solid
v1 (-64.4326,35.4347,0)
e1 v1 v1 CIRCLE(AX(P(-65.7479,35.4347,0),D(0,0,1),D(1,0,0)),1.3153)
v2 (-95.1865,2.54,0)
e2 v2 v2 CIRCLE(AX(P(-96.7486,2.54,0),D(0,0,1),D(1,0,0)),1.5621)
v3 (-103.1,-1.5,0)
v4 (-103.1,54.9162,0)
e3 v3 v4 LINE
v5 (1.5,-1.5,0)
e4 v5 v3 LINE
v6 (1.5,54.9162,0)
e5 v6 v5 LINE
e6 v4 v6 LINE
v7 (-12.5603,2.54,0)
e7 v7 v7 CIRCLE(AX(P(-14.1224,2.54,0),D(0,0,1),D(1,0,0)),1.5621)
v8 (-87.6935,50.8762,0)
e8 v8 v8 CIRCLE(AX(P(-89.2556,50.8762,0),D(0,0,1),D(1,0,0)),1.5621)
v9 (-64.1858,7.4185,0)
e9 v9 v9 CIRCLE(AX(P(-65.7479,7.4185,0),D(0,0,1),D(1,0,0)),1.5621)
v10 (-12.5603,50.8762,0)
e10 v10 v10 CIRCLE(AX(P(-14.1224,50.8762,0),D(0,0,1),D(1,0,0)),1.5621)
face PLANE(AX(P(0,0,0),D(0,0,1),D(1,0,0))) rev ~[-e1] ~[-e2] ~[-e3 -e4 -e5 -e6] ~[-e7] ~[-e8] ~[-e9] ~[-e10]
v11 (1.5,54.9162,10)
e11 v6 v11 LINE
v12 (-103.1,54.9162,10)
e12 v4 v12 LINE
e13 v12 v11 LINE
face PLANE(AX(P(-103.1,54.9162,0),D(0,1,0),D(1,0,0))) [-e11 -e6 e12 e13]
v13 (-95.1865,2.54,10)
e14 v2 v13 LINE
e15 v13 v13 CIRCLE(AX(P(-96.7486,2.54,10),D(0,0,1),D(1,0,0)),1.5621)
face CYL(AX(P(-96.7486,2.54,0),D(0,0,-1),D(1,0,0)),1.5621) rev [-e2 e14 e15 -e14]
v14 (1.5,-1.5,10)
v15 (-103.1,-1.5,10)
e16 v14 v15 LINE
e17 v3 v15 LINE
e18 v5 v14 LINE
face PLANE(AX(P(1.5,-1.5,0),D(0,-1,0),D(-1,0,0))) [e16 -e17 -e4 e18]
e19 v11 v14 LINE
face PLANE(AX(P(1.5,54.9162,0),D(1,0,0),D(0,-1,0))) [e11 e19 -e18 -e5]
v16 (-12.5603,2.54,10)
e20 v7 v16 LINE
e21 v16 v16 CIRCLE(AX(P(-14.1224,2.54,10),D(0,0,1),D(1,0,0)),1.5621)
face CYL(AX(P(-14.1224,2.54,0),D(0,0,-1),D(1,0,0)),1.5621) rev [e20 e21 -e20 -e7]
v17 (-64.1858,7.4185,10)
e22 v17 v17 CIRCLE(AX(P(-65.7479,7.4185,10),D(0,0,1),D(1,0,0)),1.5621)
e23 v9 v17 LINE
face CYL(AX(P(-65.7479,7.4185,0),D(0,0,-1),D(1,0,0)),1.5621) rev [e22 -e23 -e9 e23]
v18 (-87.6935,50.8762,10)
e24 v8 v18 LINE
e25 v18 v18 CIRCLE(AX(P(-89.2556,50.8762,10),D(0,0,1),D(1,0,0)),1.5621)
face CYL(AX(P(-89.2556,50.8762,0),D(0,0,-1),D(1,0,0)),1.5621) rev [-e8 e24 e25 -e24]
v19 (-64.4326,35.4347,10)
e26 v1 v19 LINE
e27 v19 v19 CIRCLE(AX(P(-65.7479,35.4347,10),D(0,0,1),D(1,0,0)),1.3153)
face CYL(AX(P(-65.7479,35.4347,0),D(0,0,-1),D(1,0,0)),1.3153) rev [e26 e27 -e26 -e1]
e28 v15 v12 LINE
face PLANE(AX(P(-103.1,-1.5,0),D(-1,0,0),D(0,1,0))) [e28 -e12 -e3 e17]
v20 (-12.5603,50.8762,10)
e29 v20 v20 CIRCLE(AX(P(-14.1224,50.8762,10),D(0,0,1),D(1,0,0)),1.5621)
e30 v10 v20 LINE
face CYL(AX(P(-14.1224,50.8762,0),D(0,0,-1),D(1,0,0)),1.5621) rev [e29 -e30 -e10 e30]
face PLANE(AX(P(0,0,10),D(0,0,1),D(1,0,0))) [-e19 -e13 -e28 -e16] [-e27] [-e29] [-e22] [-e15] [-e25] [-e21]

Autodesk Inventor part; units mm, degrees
ref_plane "YZ Plane" through (0, 0, 0) normal (1, 0, 0) x (0, 1, 0)
ref_plane "XZ Plane" through (0, 0, 0) normal (0, 1, 0) x (-1, 0, 0)
ref_plane "XY Plane" through (0, 0, 0) normal (0, 0, 1) x (1, 0, 0)
ref_plane "작업 평면1" through (0, 0, 0) normal (0, 0, 1) x (1, 0, 0)
sketch "스케치1" plane through (0, 0, 0) normal (0, 0, 1) x (1, 0, 0)
  line L0 (-103.1, 54.9162) -> (1.5, 54.9162)
  line L1 (1.5, 54.9162) -> (1.5, -1.5)
  line L2 (1.5, -1.5) -> (-103.1, -1.5)
  line L3 (-103.1, -1.5) -> (-103.1, 54.9162)
  line L4 (0, 1.524) -> (0, 51.8922) projected
  line L5 (-99.06, 40.7162) -> (-101.6, 38.1762) projected
  line L6 (-101.6, 38.1762) -> (-101.6, 3.556) projected
  line L7 (-101.6, 3.556) -> (-98.044, 0) projected
  line L8 (-98.044, 0) -> (-1.524, 0) projected
  line L9 (-1.524, 0) -> (0, 1.524) projected
  line L10 (0, 1.524) -> (0, 51.8922) projected
  line L11 (0, 51.8922) -> (-1.524, 53.4162) projected
  line L12 (-1.524, 53.4162) -> (-97.2966, 53.4162) projected
  line L13 (-97.2966, 53.4162) -> (-99.06, 51.6528) projected
  line L14 (-99.06, 51.6528) -> (-99.06, 40.7162) projected
  circle A0 centre (-89.2556, 50.8762) radius 1.5621 projected
  circle A1 centre (-65.7479, 35.4347) radius 1.3153 projected
  circle A2 centre (-65.7479, 7.4185) radius 1.5621 projected
  circle A3 centre (-96.7486, 2.54) radius 1.5621 projected
  circle A4 centre (-14.1224, 2.54) radius 1.5621 projected
  circle A5 centre (-14.1224, 50.8762) radius 1.5621 projected
  line L15 (-91.7703, 3.1886) -> (-92.8414, 3.1886) projected
  line L16 (-91.7703, 1.1751) -> (-91.7703, 3.1886) projected
  line L17 (-92.8414, 1.1751) -> (-91.7703, 1.1751) projected
  line L18 (-92.8414, 3.1886) -> (-92.8414, 1.1751) projected
  line L19 (-86.6903, 1.1751) -> (-86.6903, 3.1886) projected
  line L20 (-87.7614, 1.1751) -> (-86.6903, 1.1751) projected
  line L21 (-87.7614, 3.1886) -> (-87.7614, 1.1751) projected
  line L22 (-86.6903, 3.1886) -> (-87.7614, 3.1886) projected
  line L23 (-81.6103, 1.1751) -> (-81.6103, 3.1886) projected
  line L24 (-82.6814, 1.1751) -> (-81.6103, 1.1751) projected
  line L25 (-82.6814, 3.1886) -> (-82.6814, 1.1751) projected
  line L26 (-81.6103, 3.1886) -> (-82.6814, 3.1886) projected
  line L27 (-76.5303, 1.1751) -> (-76.5303, 3.1886) projected
  line L28 (-77.6014, 1.1751) -> (-76.5303, 1.1751) projected
  line L29 (-77.6014, 3.1886) -> (-77.6014, 1.1751) projected
  line L30 (-76.5303, 3.1886) -> (-77.6014, 3.1886) projected
  line L31 (-68.6825, 3.4297) -> (-69.7244, 3.4297) projected
  line L32 (-68.6825, 1.346) -> (-68.6825, 3.4297) projected
  line L33 (-69.7244, 1.346) -> (-68.6825, 1.346) projected
  line L34 (-69.7244, 3.4297) -> (-69.7244, 1.346) projected
  line L35 (-63.6025, 1.346) -> (-63.6025, 3.4297) projected
  line L36 (-64.6444, 1.346) -> (-63.6025, 1.346) projected
  line L37 (-64.6444, 3.4297) -> (-64.6444, 1.346) projected
  line L38 (-63.6025, 3.4297) -> (-64.6444, 3.4297) projected
  line L39 (-58.5225, 1.346) -> (-58.5225, 3.4297) projected
  line L40 (-59.5644, 1.346) -> (-58.5225, 1.346) projected
  line L41 (-59.5644, 3.4297) -> (-59.5644, 1.346) projected
  line L42 (-58.5225, 3.4297) -> (-59.5644, 3.4297) projected
  line L43 (-53.4425, 1.346) -> (-53.4425, 3.4297) projected
  line L44 (-54.4844, 1.346) -> (-53.4425, 1.346) projected
  line L45 (-54.4844, 3.4297) -> (-54.4844, 1.346) projected
  line L46 (-53.4425, 3.4297) -> (-54.4844, 3.4297) projected
  line L47 (-45.4737, 3.6867) -> (-46.5774, 3.6867) projected
  line L48 (-45.4737, 1.6118) -> (-45.4737, 3.6867) projected
  line L49 (-46.5774, 1.6118) -> (-45.4737, 1.6118) projected
  line L50 (-46.5774, 3.6867) -> (-46.5774, 1.6118) projected
  line L51 (-40.3937, 1.6118) -> (-40.3937, 3.6867) projected
  line L52 (-41.4974, 1.6118) -> (-40.3937, 1.6118) projected
  line L53 (-41.4974, 3.6867) -> (-41.4974, 1.6118) projected
  line L54 (-40.3937, 3.6867) -> (-41.4974, 3.6867) projected
  line L55 (-35.3137, 1.6118) -> (-35.3137, 3.6867) projected
  line L56 (-36.4174, 1.6118) -> (-35.3137, 1.6118) projected
  line L57 (-36.4174, 3.6867) -> (-36.4174, 1.6118) projected
  line L58 (-35.3137, 3.6867) -> (-36.4174, 3.6867) projected
  circle A6 centre (-97.5648, 7.2848) radius 0.5739 projected
  circle A7 centre (-95.0248, 7.2848) radius 0.5739 projected
  circle A8 centre (-95.0248, 9.8248) radius 0.5739 projected
  circle A9 centre (-95.0248, 12.3648) radius 0.5739 projected
  circle A10 centre (-95.0248, 14.9048) radius 0.5739 projected
  circle A11 centre (-95.0248, 17.4448) radius 0.5739 projected
  circle A12 centre (-95.0248, 19.9848) radius 0.5739 projected
  circle A13 centre (-95.0248, 22.5248) radius 0.5739 projected
  circle A14 centre (-95.0248, 25.0648) radius 0.5739 projected
  circle A15 centre (-95.0248, 27.6048) radius 0.5739 projected
  circle A16 centre (-95.0248, 30.1448) radius 0.5739 projected
  circle A17 centre (-95.0248, 32.6848) radius 0.5739 projected
  circle A18 centre (-95.0248, 35.2248) radius 0.5739 projected
  circle A19 centre (-95.0248, 37.7648) radius 0.5739 projected
  circle A20 centre (-95.0248, 40.3048) radius 0.5739 projected
  circle A21 centre (-95.0248, 42.8448) radius 0.5739 projected
  circle A22 centre (-95.0248, 45.3848) radius 0.5739 projected
  circle A23 centre (-95.0248, 47.9248) radius 0.5739 projected
  circle A24 centre (-95.0248, 50.4648) radius 0.5739 projected
  line L59 (-81.8933, 50.0717) -> (-81.8933, 51.6679) projected
  line L60 (-82.3984, 50.0717) -> (-81.8933, 50.0717) projected
  line L61 (-82.3984, 51.6679) -> (-82.3984, 50.0717) projected
  line L62 (-81.8933, 51.6679) -> (-82.3984, 51.6679) projected
  line L63 (-76.8133, 50.0717) -> (-76.8133, 51.6679) projected
  line L64 (-77.3184, 50.0717) -> (-76.8133, 50.0717) projected
  line L65 (-77.3184, 51.6679) -> (-77.3184, 50.0717) projected
  line L66 (-76.8133, 51.6679) -> (-77.3184, 51.6679) projected
  line L67 (-71.7333, 50.0717) -> (-71.7333, 51.6679) projected
  line L68 (-72.2384, 50.0717) -> (-71.7333, 50.0717) projected
  line L69 (-72.2384, 51.6679) -> (-72.2384, 50.0717) projected
  line L70 (-71.7333, 51.6679) -> (-72.2384, 51.6679) projected
  line L71 (-63.4227, 51.9137) -> (-64.2563, 51.9137) projected
  line L72 (-63.4227, 50.0717) -> (-63.4227, 51.9137) projected
  line L73 (-64.2563, 50.0717) -> (-63.4227, 50.0717) projected
  line L74 (-64.2563, 51.9137) -> (-64.2563, 50.0717) projected
  line L75 (-58.3427, 50.0717) -> (-58.3427, 51.9137) projected
  line L76 (-59.1763, 50.0717) -> (-58.3427, 50.0717) projected
  line L77 (-59.1763, 51.9137) -> (-59.1763, 50.0717) projected
  line L78 (-58.3427, 51.9137) -> (-59.1763, 51.9137) projected
  line L79 (-53.2627, 50.0717) -> (-53.2627, 51.9137) projected
  line L80 (-54.0963, 50.0717) -> (-53.2627, 50.0717) projected
  line L81 (-54.0963, 51.9137) -> (-54.0963, 50.0717) projected
  line L82 (-53.2627, 51.9137) -> (-54.0963, 51.9137) projected
  line L83 (-48.1827, 50.0717) -> (-48.1827, 51.9137) projected
  line L84 (-49.0163, 50.0717) -> (-48.1827, 50.0717) projected
  line L85 (-49.0163, 51.9137) -> (-49.0163, 50.0717) projected
  line L86 (-48.1827, 51.9137) -> (-49.0163, 51.9137) projected
  line L87 (-41.4974, 51.9137) -> (-42.4723, 51.9137) projected
  line L88 (-41.4974, 50.0717) -> (-41.4974, 51.9137) projected
  line L89 (-42.4723, 50.0717) -> (-41.4974, 50.0717) projected
  line L90 (-42.4723, 51.9137) -> (-42.4723, 50.0717) projected
  line L91 (-36.4174, 50.0717) -> (-36.4174, 51.9137) projected
  line L92 (-37.3923, 50.0717) -> (-36.4174, 50.0717) projected
  line L93 (-37.3923, 51.9137) -> (-37.3923, 50.0717) projected
  line L94 (-36.4174, 51.9137) -> (-37.3923, 51.9137) projected
  line L95 (-31.3374, 50.0717) -> (-31.3374, 51.9137) projected
  line L96 (-32.3123, 50.0717) -> (-31.3374, 50.0717) projected
  line L97 (-32.3123, 51.9137) -> (-32.3123, 50.0717) projected
  line L98 (-31.3374, 51.9137) -> (-32.3123, 51.9137) projected
  line L99 (-26.2574, 50.0717) -> (-26.2574, 51.9137) projected
  line L100 (-27.2323, 50.0717) -> (-26.2574, 50.0717) projected
  line L101 (-27.2323, 51.9137) -> (-27.2323, 50.0717) projected
  line L102 (-26.2574, 51.9137) -> (-27.2323, 51.9137) projected
  circle A25 centre (-20.5945, 47.6784) radius 0.5437 projected
  circle A26 centre (-18.0545, 47.6784) radius 0.5437 projected
  circle A27 centre (-20.5945, 45.1384) radius 0.5437 projected
  circle A28 centre (-15.5145, 45.1384) radius 0.5437 projected
  circle A29 centre (-5.7466, 39.5769) radius 0.4144 projected
  circle A30 centre (-5.7466, 37.0369) radius 0.4144 projected
  line L103 (-7.393, 4.043) -> (-10.0091, 4.043) projected
  line L104 (-7.393, 3.3305) -> (-7.393, 4.043) projected
  line L105 (-10.0091, 3.3305) -> (-7.393, 3.3305) projected
  line L106 (-10.0091, 4.043) -> (-10.0091, 3.3305) projected
  line L107 (-2.4767, 32.5537) -> (-4.2776, 32.5537) projected
  line L108 (-2.4767, 31.6979) -> (-2.4767, 32.5537) projected
  line L109 (-4.2776, 31.6979) -> (-2.4767, 31.6979) projected
  line L110 (-4.2776, 32.5537) -> (-4.2776, 31.6979) projected
  line L111 (-2.249, 44.6927) -> (-4.5054, 44.6927) projected
  line L112 (-2.249, 43.8153) -> (-2.249, 44.6927) projected
  line L113 (-4.5054, 43.8153) -> (-2.249, 43.8153) projected
  line L114 (-4.5054, 44.6927) -> (-4.5054, 43.8153) projected
  line L115 (-5.2737, 10.2292) -> (-5.7128, 10.2292) projected
  line L116 (-5.2737, 7.3652) -> (-5.2737, 10.2292) projected
  line L117 (-5.7128, 7.3652) -> (-5.2737, 7.3652) projected
  line L118 (-5.7128, 10.2292) -> (-5.7128, 7.3652) projected
  circle A31 centre (-8.2866, 37.0369) radius 0.4144 projected
  line L119 (-11.4599, 10.2292) -> (-12.1472, 10.2292) projected
  line L120 (-11.4599, 7.3652) -> (-11.4599, 10.2292) projected
  line L121 (-12.1472, 7.3652) -> (-11.4599, 7.3652) projected
  line L122 (-12.1472, 10.2292) -> (-12.1472, 7.3652) projected
  circle A32 centre (-18.0545, 45.1384) radius 0.5437 projected
  circle A33 centre (-15.5145, 47.6784) radius 0.5437 projected
  circle A34 centre (-8.2866, 39.5769) radius 0.4144 projected
  line L123 (-23.7174, 50.0717) -> (-23.7174, 51.9137) projected
  line L124 (-24.6923, 50.0717) -> (-23.7174, 50.0717) projected
  line L125 (-24.6923, 51.9137) -> (-24.6923, 50.0717) projected
  line L126 (-23.7174, 51.9137) -> (-24.6923, 51.9137) projected
  line L127 (-28.7974, 50.0717) -> (-28.7974, 51.9137) projected
  line L128 (-29.7723, 50.0717) -> (-28.7974, 50.0717) projected
  line L129 (-29.7723, 51.9137) -> (-29.7723, 50.0717) projected
  line L130 (-28.7974, 51.9137) -> (-29.7723, 51.9137) projected
  line L131 (-33.8774, 50.0717) -> (-33.8774, 51.9137) projected
  line L132 (-34.8523, 50.0717) -> (-33.8774, 50.0717) projected
  line L133 (-34.8523, 51.9137) -> (-34.8523, 50.0717) projected
  line L134 (-33.8774, 51.9137) -> (-34.8523, 51.9137) projected
  line L135 (-38.9574, 50.0717) -> (-38.9574, 51.9137) projected
  line L136 (-39.9323, 50.0717) -> (-38.9574, 50.0717) projected
  line L137 (-39.9323, 51.9137) -> (-39.9323, 50.0717) projected
  line L138 (-38.9574, 51.9137) -> (-39.9323, 51.9137) projected
  line L139 (-45.6427, 50.0717) -> (-45.6427, 51.9137) projected
  line L140 (-46.4763, 50.0717) -> (-45.6427, 50.0717) projected
  line L141 (-46.4763, 51.9137) -> (-46.4763, 50.0717) projected
  line L142 (-45.6427, 51.9137) -> (-46.4763, 51.9137) projected
  line L143 (-50.7227, 50.0717) -> (-50.7227, 51.9137) projected
  line L144 (-51.5563, 50.0717) -> (-50.7227, 50.0717) projected
  line L145 (-51.5563, 51.9137) -> (-51.5563, 50.0717) projected
  line L146 (-50.7227, 51.9137) -> (-51.5563, 51.9137) projected
  line L147 (-55.8027, 50.0717) -> (-55.8027, 51.9137) projected
  line L148 (-56.6363, 50.0717) -> (-55.8027, 50.0717) projected
  line L149 (-56.6363, 51.9137) -> (-56.6363, 50.0717) projected
  line L150 (-55.8027, 51.9137) -> (-56.6363, 51.9137) projected
  line L151 (-60.8827, 50.0717) -> (-60.8827, 51.9137) projected
  line L152 (-61.7163, 50.0717) -> (-60.8827, 50.0717) projected
  line L153 (-61.7163, 51.9137) -> (-61.7163, 50.0717) projected
  line L154 (-60.8827, 51.9137) -> (-61.7163, 51.9137) projected
  line L155 (-69.1933, 50.0717) -> (-69.1933, 51.6679) projected
  line L156 (-69.6984, 50.0717) -> (-69.1933, 50.0717) projected
  line L157 (-69.6984, 51.6679) -> (-69.6984, 50.0717) projected
  line L158 (-69.1933, 51.6679) -> (-69.6984, 51.6679) projected
  line L159 (-74.2733, 50.0717) -> (-74.2733, 51.6679) projected
  line L160 (-74.7784, 50.0717) -> (-74.2733, 50.0717) projected
  line L161 (-74.7784, 51.6679) -> (-74.7784, 50.0717) projected
  line L162 (-74.2733, 51.6679) -> (-74.7784, 51.6679) projected
  line L163 (-79.3533, 50.0717) -> (-79.3533, 51.6679) projected
  line L164 (-79.8584, 50.0717) -> (-79.3533, 50.0717) projected
  line L165 (-79.8584, 51.6679) -> (-79.8584, 50.0717) projected
  line L166 (-79.3533, 51.6679) -> (-79.8584, 51.6679) projected
  line L167 (-84.4333, 50.0717) -> (-84.4333, 51.6679) projected
  line L168 (-84.9384, 50.0717) -> (-84.4333, 50.0717) projected
  line L169 (-84.9384, 51.6679) -> (-84.9384, 50.0717) projected
  line L170 (-84.4333, 51.6679) -> (-84.9384, 51.6679) projected
  circle A35 centre (-97.5648, 50.4648) radius 0.5739 projected
  circle A36 centre (-97.5648, 47.9248) radius 0.5739 projected
  circle A37 centre (-97.5648, 45.3848) radius 0.5739 projected
  circle A38 centre (-97.5648, 42.8448) radius 0.5739 projected
  circle A39 centre (-97.5648, 40.3048) radius 0.5739 projected
  circle A40 centre (-97.5648, 37.7648) radius 0.5739 projected
  circle A41 centre (-97.5648, 35.2248) radius 0.5739 projected
  circle A42 centre (-97.5648, 32.6848) radius 0.5739 projected
  circle A43 centre (-97.5648, 30.1448) radius 0.5739 projected
  circle A44 centre (-97.5648, 27.6048) radius 0.5739 projected
  circle A45 centre (-97.5648, 25.0648) radius 0.5739 projected
  circle A46 centre (-97.5648, 22.5248) radius 0.5739 projected
  circle A47 centre (-97.5648, 19.9848) radius 0.5739 projected
  circle A48 centre (-97.5648, 17.4448) radius 0.5739 projected
  circle A49 centre (-97.5648, 14.9048) radius 0.5739 projected
  circle A50 centre (-97.5648, 12.3648) radius 0.5739 projected
  circle A51 centre (-97.5648, 9.8248) radius 0.5739 projected
  line L171 (-86.9733, 51.6679) -> (-87.4784, 51.6679) projected
  line L172 (-86.9733, 50.0717) -> (-86.9733, 51.6679) projected
  line L173 (-87.4784, 50.0717) -> (-86.9733, 50.0717) projected
  line L174 (-87.4784, 51.6679) -> (-87.4784, 50.0717) projected
  line L175 (-32.7737, 1.6118) -> (-32.7737, 3.6867) projected
  line L176 (-33.8774, 1.6118) -> (-32.7737, 1.6118) projected
  line L177 (-33.8774, 3.6867) -> (-33.8774, 1.6118) projected
  line L178 (-32.7737, 3.6867) -> (-33.8774, 3.6867) projected
  line L179 (-37.8537, 1.6118) -> (-37.8537, 3.6867) projected
  line L180 (-38.9574, 1.6118) -> (-37.8537, 1.6118) projected
  line L181 (-38.9574, 3.6867) -> (-38.9574, 1.6118) projected
  line L182 (-37.8537, 3.6867) -> (-38.9574, 3.6867) projected
  line L183 (-42.9337, 1.6118) -> (-42.9337, 3.6867) projected
  line L184 (-44.0374, 1.6118) -> (-42.9337, 1.6118) projected
  line L185 (-44.0374, 3.6867) -> (-44.0374, 1.6118) projected
  line L186 (-42.9337, 3.6867) -> (-44.0374, 3.6867) projected
  line L187 (-50.9025, 1.346) -> (-50.9025, 3.4297) projected
  line L188 (-51.9444, 1.346) -> (-50.9025, 1.346) projected
  line L189 (-51.9444, 3.4297) -> (-51.9444, 1.346) projected
  line L190 (-50.9025, 3.4297) -> (-51.9444, 3.4297) projected
  line L191 (-55.9825, 1.346) -> (-55.9825, 3.4297) projected
  line L192 (-57.0244, 1.346) -> (-55.9825, 1.346) projected
  line L193 (-57.0244, 3.4297) -> (-57.0244, 1.346) projected
  line L194 (-55.9825, 3.4297) -> (-57.0244, 3.4297) projected
  line L195 (-61.0625, 1.346) -> (-61.0625, 3.4297) projected
  line L196 (-62.1044, 1.346) -> (-61.0625, 1.346) projected
  line L197 (-62.1044, 3.4297) -> (-62.1044, 1.346) projected
  line L198 (-61.0625, 3.4297) -> (-62.1044, 3.4297) projected
  line L199 (-66.1425, 1.346) -> (-66.1425, 3.4297) projected
  line L200 (-67.1844, 1.346) -> (-66.1425, 1.346) projected
  line L201 (-67.1844, 3.4297) -> (-67.1844, 1.346) projected
  line L202 (-66.1425, 3.4297) -> (-67.1844, 3.4297) projected
  line L203 (-73.9903, 1.1751) -> (-73.9903, 3.1886) projected
  line L204 (-75.0614, 1.1751) -> (-73.9903, 1.1751) projected
  line L205 (-75.0614, 3.1886) -> (-75.0614, 1.1751) projected
  line L206 (-73.9903, 3.1886) -> (-75.0614, 3.1886) projected
  line L207 (-79.0703, 1.1751) -> (-79.0703, 3.1886) projected
  line L208 (-80.1414, 1.1751) -> (-79.0703, 1.1751) projected
  line L209 (-80.1414, 3.1886) -> (-80.1414, 1.1751) projected
  line L210 (-79.0703, 3.1886) -> (-80.1414, 3.1886) projected
  line L211 (-84.1503, 1.1751) -> (-84.1503, 3.1886) projected
  line L212 (-85.2214, 1.1751) -> (-84.1503, 1.1751) projected
  line L213 (-85.2214, 3.1886) -> (-85.2214, 1.1751) projected
  line L214 (-84.1503, 3.1886) -> (-85.2214, 3.1886) projected
  line L215 (-89.2303, 1.1751) -> (-89.2303, 3.1886) projected
  line L216 (-90.3014, 1.1751) -> (-89.2303, 1.1751) projected
  line L217 (-90.3014, 3.1886) -> (-90.3014, 1.1751) projected
  line L218 (-89.2303, 3.1886) -> (-90.3014, 3.1886) projected
  point P0 (0, 0)
  dimension "d0" = 1.5
  dimension "d1" = 1.5
  dimension "d2" = 1.5
  dimension "d3" = 1.5
extrude "돌출1" add sketch "스케치1" along normal blind 10 contours L0 L1 L2 L3 | L9 L8 L7 L6 L5 L14 L13 L12 L11 L4 | L16 L17 L18 L15 | L20 L21 L22 L19 | L24 L25 L26 L23 | L28 L29 L30 L27 | L32 L33 L34 L31 | L36 L37 L38 L35 | L40 L41 L42 L39 | L44 L45 L46 L43 | L48 L49 L50 L47 | L52 L53 L54 L51 | L56 L57 L58 L55 | A6 | A7 | A8 | A9 | A10 | A11 | A12 | A13 | A14 | A15 | A16 | A17 | A18 | A19 | A20 | A21 | A22 | A23 | A24 | L60 L61 L62 L59 | L64 L65 L66 L63 | L68 L69 L70 L67 | L72 L73 L74 L71 | L76 L77 L78 L75 | L80 L81 L82 L79 | L84 L85 L86 L83 | L88 L89 L90 L87 | L92 L93 L94 L91 | L96 L97 L98 L95 | L100 L101 L102 L99 | A25 | A26 | A27 | A28 | A29 | A30 | L104 L105 L106 L103 | L108 L109 L110 L107 | L112 L113 L114 L111 | L116 L117 L118 L115 | A31 | L120 L121 L122 L119 | A32 | A33 | A34 | L124 L125 L126 L123 | L128 L129 L130 L127 | L132 L133 L134 L131 | L136 L137 L138 L135 | L140 L141 L142 L139 | L144 L145 L146 L143 | L148 L149 L150 L147 | L152 L153 L154 L151 | L156 L157 L158 L155 | L160 L161 L162 L159 | L164 L165 L166 L163 | L168 L169 L170 L167 | A35 | A36 | A37 | A38 | A39 | A40 | A41 | A42 | A43 | A44 | A45 | A46 | A47 | A48 | A49 | A50 | A51 | L172 L173 L174 L171 | L176 L177 L178 L175 | L180 L181 L182 L179 | L184 L185 L186 L183 | L188 L189 L190 L187 | L192 L193 L194 L191 | L196 L197 L198 L195 | L200 L201 L202 L199 | L204 L205 L206 L203 | L208 L209 L210 L207 | L212 L213 L214 L211 | L216 L217 L218 L215
properties part number "SAFRS-P-0040"
